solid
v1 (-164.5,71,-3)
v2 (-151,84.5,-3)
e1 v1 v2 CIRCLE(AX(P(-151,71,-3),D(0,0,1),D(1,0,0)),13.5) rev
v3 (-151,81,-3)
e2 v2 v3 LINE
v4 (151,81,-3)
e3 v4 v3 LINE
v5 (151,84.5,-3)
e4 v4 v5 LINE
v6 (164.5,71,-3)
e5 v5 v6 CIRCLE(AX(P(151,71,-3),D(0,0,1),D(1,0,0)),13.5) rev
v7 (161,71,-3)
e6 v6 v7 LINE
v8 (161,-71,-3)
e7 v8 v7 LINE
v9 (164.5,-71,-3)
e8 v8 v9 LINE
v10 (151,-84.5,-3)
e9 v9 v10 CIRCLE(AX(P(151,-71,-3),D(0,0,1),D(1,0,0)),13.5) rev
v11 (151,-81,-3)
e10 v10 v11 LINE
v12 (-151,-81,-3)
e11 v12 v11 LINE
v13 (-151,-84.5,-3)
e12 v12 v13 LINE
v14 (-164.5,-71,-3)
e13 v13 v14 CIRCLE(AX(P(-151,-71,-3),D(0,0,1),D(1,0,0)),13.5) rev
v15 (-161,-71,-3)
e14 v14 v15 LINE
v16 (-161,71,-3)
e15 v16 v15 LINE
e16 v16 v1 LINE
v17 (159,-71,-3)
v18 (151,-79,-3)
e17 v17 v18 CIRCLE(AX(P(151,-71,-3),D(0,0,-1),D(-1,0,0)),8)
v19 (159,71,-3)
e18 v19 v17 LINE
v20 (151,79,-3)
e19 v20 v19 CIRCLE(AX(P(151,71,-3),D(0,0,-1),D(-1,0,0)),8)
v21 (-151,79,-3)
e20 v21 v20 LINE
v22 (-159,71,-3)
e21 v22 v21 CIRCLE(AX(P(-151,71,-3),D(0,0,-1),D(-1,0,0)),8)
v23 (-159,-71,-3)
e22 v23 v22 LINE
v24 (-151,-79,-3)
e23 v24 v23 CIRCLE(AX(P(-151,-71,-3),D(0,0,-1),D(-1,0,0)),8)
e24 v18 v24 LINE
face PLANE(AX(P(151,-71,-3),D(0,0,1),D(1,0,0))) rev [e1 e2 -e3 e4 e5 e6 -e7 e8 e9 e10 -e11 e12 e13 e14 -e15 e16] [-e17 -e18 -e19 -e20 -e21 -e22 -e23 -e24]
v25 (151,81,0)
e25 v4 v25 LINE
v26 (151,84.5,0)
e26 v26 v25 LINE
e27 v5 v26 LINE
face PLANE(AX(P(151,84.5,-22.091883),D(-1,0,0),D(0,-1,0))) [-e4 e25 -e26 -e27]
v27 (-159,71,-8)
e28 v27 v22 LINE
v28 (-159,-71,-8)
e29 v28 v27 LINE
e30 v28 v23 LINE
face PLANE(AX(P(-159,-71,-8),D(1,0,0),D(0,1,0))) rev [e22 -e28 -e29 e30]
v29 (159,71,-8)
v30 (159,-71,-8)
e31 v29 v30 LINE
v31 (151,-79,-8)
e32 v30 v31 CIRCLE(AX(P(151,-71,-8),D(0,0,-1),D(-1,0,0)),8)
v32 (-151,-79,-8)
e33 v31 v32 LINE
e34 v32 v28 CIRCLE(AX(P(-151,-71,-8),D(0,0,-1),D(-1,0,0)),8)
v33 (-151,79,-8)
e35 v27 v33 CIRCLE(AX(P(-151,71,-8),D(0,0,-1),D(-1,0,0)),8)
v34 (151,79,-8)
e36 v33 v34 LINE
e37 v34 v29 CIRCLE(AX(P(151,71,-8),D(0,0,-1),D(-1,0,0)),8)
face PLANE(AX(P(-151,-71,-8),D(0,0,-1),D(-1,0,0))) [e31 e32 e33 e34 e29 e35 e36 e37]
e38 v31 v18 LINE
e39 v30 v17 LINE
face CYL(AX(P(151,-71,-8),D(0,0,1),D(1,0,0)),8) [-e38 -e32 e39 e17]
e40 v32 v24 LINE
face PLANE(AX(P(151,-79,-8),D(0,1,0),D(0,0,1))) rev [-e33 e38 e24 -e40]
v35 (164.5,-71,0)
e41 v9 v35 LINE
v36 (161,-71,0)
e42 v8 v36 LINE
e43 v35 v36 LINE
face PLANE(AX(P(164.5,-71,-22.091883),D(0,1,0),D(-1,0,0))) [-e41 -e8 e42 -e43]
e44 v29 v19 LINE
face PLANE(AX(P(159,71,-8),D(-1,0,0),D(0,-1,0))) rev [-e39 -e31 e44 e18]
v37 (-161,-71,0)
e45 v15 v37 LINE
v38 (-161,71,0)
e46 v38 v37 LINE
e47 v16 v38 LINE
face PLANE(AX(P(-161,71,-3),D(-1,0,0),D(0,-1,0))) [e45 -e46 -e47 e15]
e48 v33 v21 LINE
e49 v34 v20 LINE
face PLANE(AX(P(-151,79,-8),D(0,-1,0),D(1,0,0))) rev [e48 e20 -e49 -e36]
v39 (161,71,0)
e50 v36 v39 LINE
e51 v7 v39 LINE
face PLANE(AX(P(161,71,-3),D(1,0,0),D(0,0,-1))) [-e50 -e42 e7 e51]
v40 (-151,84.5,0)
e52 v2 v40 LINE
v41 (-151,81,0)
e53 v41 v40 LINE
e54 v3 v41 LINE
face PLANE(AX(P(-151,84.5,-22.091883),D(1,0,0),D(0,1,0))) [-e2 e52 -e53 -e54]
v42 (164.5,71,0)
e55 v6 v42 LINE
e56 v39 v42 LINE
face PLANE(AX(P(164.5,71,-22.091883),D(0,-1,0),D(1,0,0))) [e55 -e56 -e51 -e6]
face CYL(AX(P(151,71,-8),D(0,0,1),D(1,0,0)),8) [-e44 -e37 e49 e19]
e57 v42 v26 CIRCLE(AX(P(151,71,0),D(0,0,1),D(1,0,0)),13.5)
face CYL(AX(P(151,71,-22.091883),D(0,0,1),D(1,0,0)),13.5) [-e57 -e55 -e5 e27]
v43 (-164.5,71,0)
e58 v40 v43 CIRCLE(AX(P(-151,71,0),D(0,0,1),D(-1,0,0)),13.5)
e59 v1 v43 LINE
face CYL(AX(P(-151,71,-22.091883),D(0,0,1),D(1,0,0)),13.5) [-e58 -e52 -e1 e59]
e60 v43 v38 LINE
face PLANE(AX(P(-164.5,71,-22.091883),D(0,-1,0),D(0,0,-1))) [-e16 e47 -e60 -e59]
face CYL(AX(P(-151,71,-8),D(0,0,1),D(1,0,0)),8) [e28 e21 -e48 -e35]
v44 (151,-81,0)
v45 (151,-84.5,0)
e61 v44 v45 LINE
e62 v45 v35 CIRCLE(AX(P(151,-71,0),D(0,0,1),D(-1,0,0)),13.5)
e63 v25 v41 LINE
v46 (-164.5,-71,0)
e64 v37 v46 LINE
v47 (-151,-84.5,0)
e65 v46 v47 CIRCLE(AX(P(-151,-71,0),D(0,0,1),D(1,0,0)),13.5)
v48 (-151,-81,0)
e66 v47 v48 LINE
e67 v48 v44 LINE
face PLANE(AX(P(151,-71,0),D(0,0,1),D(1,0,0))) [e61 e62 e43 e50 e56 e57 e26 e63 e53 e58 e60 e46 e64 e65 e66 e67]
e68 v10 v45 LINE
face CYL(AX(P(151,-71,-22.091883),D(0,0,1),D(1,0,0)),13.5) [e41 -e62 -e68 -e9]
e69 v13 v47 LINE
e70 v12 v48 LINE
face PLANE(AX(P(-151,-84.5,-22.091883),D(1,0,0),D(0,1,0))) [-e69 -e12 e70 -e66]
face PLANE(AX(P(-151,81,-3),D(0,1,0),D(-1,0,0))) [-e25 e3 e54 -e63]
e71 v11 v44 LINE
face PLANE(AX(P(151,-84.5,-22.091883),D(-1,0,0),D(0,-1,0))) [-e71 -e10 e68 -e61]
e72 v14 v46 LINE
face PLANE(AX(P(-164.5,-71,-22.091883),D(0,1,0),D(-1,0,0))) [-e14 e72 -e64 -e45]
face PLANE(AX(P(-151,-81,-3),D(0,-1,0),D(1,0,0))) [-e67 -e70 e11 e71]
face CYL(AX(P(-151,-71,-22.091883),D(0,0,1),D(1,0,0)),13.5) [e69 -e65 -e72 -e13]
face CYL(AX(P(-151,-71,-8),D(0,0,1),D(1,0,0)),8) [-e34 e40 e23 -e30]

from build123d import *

# Parameters (mm, degrees)
BOSS_EXTRUDE2_DEPTH = 3
EXTRUDE_1_DEPTH     = 5
EXTRUDE_2_DEPTH     = 3


with BuildPart() as part:
    # Sketch3 → Boss-Extrude2 (new body)
    with BuildSketch(Plane.XY):
        with BuildLine():
            Line((-151, 81), (151, 81))
            ThreePointArc((151, 81), (158.071067812, 78.071067812), (161, 71))
            Line((161, 71), (161, -71))
            ThreePointArc((161, -71), (158.071067812, -78.071067812), (151, -81))
            Line((151, -81), (-151, -81))
            ThreePointArc((-151, -81), (-158.071067812, -78.071067812), (-161, -71))
            Line((-161, -71), (-161, 71))
            ThreePointArc((-161, 71), (-158.071067812, 78.071067812), (-151, 81))
        make_face()
    extrude(amount=-BOSS_EXTRUDE2_DEPTH)

    # Эскиз1 → Бобышка-Вытянуть1 (add)
    with BuildSketch(Plane(origin=(0, 0, -3), x_dir=(-1, 0, 0), z_dir=(0, 0, -1))):
        with BuildLine():
            Line((-151, -79), (151, -79))
            ThreePointArc((151, -79), (156.656854249, -76.656854249), (159, -71))
            Line((159, -71), (159, 71))
            ThreePointArc((159, 71), (156.656854249, 76.656854249), (151, 79))
            Line((151, 79), (-151, 79))
            ThreePointArc((-151, 79), (-156.656854249, 76.656854249), (-159, 71))
            Line((-159, 71), (-159, -71))
            ThreePointArc((-159, -71), (-156.656854249, -76.656854249), (-151, -79))
        make_face()
    extrude(amount=EXTRUDE_1_DEPTH)

    # Эскиз2 → Бобышка-Вытянуть2 (add)
    with BuildSketch(Plane.XY):
        with BuildLine():
            Line((-164.5, 71), (-151, 71))
            Line((-151, 71), (-151, 84.5))
            ThreePointArc((-151, 84.5), (-160.545941546, 80.545941546), (-164.5, 71))
        make_face()
        with BuildLine():
            Line((164.5, -71), (151, -71))
            Line((151, -71), (151, -84.5))
            ThreePointArc((151, -84.5), (160.545941546, -80.545941546), (164.5, -71))
        make_face()
        with BuildLine():
            Line((-151, -84.5), (-151, -71))
            Line((-151, -71), (-164.5, -71))
            ThreePointArc((-164.5, -71), (-160.545941546, -80.545941546), (-151, -84.5))
        make_face()
        with BuildLine():
            Line((151, 84.5), (151, 71))
            Line((151, 71), (164.5, 71))
            ThreePointArc((164.5, 71), (160.545941546, 80.545941546), (151, 84.5))
        make_face()
    extrude(amount=-EXTRUDE_2_DEPTH)


solid = part.part
